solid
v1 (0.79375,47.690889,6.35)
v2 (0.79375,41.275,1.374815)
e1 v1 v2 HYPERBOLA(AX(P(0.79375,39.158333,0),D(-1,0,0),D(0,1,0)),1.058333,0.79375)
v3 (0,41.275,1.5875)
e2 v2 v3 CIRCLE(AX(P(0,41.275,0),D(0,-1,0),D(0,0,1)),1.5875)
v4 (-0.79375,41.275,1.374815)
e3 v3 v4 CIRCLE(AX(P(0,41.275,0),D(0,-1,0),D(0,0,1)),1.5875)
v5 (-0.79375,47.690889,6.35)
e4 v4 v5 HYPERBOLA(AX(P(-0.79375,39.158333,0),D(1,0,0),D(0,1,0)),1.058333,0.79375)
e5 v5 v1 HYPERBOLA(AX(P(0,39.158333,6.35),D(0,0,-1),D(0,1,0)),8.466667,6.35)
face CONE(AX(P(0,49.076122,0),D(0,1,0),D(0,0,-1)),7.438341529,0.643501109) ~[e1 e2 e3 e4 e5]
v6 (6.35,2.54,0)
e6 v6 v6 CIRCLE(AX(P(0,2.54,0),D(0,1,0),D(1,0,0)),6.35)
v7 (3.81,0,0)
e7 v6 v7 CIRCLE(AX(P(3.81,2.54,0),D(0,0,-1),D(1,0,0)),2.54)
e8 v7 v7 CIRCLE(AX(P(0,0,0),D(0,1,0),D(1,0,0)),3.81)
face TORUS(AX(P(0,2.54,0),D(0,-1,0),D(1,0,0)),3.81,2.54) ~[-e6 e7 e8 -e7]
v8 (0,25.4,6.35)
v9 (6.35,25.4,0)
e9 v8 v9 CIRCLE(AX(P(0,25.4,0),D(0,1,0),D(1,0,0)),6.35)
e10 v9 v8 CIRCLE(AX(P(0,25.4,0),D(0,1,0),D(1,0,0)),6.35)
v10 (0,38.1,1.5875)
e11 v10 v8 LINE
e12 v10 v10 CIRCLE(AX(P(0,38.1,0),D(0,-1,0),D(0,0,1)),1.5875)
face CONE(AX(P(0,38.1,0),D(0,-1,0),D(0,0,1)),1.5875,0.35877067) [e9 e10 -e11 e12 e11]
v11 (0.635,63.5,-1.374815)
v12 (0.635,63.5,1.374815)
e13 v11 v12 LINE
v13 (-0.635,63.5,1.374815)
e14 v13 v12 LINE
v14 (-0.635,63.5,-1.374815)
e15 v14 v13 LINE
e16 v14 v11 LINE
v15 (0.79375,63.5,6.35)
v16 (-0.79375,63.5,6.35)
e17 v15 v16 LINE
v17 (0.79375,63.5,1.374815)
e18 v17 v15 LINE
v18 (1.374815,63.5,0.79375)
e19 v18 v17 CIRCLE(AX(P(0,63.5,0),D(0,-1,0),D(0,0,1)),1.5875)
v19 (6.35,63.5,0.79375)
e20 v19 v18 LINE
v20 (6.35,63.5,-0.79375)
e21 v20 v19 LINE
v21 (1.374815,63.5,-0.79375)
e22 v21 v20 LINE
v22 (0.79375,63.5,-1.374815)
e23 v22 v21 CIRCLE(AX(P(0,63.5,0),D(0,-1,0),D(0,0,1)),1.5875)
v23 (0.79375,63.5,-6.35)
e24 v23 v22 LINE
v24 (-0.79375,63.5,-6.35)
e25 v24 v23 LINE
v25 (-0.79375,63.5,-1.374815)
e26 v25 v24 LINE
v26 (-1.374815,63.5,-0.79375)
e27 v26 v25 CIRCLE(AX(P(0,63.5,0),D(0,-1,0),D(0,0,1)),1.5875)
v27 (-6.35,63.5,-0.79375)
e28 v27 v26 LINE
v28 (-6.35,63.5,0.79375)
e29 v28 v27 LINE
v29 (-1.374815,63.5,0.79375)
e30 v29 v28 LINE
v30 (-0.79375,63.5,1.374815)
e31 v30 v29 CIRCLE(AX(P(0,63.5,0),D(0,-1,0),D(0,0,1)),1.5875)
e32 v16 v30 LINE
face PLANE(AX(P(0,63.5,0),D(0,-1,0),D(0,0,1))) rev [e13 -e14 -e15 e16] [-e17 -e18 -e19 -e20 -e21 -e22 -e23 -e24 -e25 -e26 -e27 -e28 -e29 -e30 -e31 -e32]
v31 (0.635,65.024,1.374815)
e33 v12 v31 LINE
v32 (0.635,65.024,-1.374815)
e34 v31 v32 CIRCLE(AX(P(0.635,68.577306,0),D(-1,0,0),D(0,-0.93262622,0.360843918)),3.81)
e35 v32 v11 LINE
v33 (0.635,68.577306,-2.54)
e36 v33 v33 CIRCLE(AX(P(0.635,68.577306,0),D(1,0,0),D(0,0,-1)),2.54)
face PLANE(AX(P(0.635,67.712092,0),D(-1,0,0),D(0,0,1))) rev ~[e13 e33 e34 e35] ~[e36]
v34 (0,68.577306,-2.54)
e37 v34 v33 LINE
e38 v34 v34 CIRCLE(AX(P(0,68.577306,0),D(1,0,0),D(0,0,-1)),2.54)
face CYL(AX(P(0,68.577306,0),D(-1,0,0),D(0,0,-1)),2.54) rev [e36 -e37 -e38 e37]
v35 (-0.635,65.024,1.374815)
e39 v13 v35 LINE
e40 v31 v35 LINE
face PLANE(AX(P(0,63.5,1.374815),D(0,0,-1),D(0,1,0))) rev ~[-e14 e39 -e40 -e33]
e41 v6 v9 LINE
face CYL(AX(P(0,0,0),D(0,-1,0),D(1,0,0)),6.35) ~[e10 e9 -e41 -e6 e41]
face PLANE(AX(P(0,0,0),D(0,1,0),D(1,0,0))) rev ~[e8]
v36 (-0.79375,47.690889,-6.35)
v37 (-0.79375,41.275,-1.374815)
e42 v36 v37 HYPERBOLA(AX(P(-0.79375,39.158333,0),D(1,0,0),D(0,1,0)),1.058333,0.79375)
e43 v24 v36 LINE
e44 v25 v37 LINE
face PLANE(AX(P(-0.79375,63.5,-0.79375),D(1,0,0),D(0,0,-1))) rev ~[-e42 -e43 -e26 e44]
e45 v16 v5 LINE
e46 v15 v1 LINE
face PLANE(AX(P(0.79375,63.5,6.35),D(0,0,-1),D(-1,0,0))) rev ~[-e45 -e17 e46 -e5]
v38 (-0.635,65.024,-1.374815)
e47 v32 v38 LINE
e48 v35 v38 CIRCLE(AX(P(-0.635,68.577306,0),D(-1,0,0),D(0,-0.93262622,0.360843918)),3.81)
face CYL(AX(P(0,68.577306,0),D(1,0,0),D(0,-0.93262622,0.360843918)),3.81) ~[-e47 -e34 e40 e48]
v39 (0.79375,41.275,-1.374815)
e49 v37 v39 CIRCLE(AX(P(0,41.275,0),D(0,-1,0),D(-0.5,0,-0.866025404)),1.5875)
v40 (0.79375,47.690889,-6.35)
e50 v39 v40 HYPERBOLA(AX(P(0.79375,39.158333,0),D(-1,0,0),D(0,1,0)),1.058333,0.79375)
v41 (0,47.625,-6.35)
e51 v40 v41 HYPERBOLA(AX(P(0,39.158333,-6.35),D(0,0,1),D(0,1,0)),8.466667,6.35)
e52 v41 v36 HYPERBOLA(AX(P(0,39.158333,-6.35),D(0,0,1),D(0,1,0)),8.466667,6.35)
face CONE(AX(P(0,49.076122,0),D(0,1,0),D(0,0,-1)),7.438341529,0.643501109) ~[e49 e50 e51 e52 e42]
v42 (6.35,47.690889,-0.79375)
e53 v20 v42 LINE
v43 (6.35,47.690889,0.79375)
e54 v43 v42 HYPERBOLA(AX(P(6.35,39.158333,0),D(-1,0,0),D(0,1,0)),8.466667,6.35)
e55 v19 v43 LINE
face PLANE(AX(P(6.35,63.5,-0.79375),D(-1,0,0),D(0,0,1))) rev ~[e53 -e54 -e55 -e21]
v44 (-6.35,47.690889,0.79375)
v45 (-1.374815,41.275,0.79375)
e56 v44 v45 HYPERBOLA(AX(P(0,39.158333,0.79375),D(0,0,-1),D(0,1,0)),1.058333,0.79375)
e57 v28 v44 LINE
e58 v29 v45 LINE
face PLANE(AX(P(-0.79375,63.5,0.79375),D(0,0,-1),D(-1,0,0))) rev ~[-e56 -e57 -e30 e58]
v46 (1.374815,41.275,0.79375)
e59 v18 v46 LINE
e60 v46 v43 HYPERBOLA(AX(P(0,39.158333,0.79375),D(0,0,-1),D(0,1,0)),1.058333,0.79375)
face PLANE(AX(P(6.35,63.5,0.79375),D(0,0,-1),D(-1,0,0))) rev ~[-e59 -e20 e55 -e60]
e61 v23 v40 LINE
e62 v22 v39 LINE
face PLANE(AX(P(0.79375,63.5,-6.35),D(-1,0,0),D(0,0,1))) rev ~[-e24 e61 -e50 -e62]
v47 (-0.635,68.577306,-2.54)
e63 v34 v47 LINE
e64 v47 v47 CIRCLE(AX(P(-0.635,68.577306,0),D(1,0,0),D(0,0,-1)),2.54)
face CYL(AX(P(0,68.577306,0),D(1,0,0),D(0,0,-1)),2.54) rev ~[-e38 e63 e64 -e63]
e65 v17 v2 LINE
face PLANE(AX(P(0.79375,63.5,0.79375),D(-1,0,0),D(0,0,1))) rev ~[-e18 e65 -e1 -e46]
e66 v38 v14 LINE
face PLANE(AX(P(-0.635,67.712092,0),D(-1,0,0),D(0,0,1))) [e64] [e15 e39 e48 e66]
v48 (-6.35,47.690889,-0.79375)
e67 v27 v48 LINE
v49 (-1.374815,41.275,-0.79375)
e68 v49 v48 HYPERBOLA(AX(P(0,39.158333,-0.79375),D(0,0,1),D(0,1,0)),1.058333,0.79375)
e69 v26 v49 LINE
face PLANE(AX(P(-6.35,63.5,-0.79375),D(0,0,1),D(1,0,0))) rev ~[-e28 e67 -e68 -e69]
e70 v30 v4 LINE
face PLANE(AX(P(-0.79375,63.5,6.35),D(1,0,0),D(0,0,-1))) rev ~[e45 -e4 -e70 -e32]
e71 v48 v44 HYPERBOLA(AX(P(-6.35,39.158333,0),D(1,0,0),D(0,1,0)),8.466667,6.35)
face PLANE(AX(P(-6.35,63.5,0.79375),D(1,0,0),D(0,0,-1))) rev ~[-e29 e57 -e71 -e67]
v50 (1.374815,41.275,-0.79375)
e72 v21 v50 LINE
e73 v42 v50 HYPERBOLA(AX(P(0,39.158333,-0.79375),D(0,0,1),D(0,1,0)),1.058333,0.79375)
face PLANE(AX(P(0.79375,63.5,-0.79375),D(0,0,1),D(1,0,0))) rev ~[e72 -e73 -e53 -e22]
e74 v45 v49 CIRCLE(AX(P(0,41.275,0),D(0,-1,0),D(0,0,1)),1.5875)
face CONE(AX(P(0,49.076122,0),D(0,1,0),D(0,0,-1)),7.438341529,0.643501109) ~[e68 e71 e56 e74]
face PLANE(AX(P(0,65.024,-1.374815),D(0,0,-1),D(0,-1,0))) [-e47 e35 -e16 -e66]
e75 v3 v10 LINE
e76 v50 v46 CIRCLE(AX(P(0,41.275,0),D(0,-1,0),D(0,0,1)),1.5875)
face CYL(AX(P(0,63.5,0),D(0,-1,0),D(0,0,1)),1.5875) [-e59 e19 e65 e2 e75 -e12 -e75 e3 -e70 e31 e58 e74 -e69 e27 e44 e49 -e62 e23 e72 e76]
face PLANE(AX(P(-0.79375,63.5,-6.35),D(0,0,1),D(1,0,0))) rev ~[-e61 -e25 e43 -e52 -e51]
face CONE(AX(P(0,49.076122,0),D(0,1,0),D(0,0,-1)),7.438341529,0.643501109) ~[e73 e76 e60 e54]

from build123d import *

# Parameters (mm, degrees)
SKETCH1_R           = 6.35
EXTRUDE1_DEPTH      = 25.4
FILLET1_R           = 2.54
EXTRUDE2_DEPTH      = 22.225
SKETCH9_R           = 2.54
EXTRUDE3_DEPTH      = 0.635
EXTRUDE3_DEPTH_BACK = 0.635


with BuildPart() as part:
    # Sketch1 → Extrude1 (new body)
    with BuildSketch(Plane(origin=(0, 0, 0), x_dir=(1, 0, 0), z_dir=(0, 1, 0))):
        Circle(SKETCH1_R)
    extrude(amount=EXTRUDE1_DEPTH)

    # Fillet1
    fillet1_edges = [part.edges().sort_by_distance(p)[0] for p in [
        (-6.35, 0, 0),
    ]]
    fillet(fillet1_edges, radius=FILLET1_R)

    # Sketch2 → Revolve1 (revolve)
    with BuildSketch(Plane(origin=(0, 0, 0), x_dir=(0, 0, -1), z_dir=(1, 0, 0))):
        Polygon((-6.35, 25.4), (0, 25.4), (0, 63.5), (-1.5875, 63.5), (-1.5875, 38.1), align=None)
    revolve(axis=Axis((0, 66.595768823, 0), (0, -1, 0)))

    # Sketch3 → Extrude2 (add)
    with BuildSketch(Plane(origin=(0, 63.5, 0), x_dir=(-1, 0, 0), z_dir=(0, 1, 0))):
        Polygon((0.79375, -0.79375), (0.79375, -6.35), (-0.79375, -6.35), (-0.79375, -0.79375), (-6.35, -0.79375), (-6.35, 0.79375), (-0.79375, 0.79375), (-0.79375, 6.35), (0.79375, 6.35), (0.79375, 0.79375), (6.35, 0.79375), (6.35, -0.79375), align=None)
    extrude(amount=-EXTRUDE2_DEPTH)

    # Sketch7 → Cut-Revolve5 (revolve, cut)
    with BuildSketch(Plane(origin=(0, 0, 0), x_dir=(0, 0, -1), z_dir=(1, 0, 0))):
        Polygon((7.438341529, 49.076122039), (1.5875, 41.275), (7.438341529, 41.275), align=None)
    revolve(axis=Axis((0, 0, 0), (0, 1, 0)), mode=Mode.SUBTRACT)

    # Sketch9 → Extrude3 (add, two sides)
    with BuildSketch(Plane(origin=(0, 0, 0), x_dir=(0, 0, -1), z_dir=(1, 0, 0))) as extrude3_sk:
        with BuildLine():
            Line((-1.374815329, 63.5), (-1.374815329, 65.024))
            ThreePointArc((-1.374815329, 65.024), (0, 72.387305899), (1.374815329, 65.024))
            Line((1.374815329, 65.024), (1.374815329, 63.5))
            Line((1.374815329, 63.5), (-1.374815329, 63.5))
        make_face()
        with Locations((0, 68.577305899)):
            Circle(SKETCH9_R, mode=Mode.SUBTRACT)
    extrude(amount=EXTRUDE3_DEPTH)
    extrude(extrude3_sk.sketch, amount=-EXTRUDE3_DEPTH_BACK)


solid = part.part
